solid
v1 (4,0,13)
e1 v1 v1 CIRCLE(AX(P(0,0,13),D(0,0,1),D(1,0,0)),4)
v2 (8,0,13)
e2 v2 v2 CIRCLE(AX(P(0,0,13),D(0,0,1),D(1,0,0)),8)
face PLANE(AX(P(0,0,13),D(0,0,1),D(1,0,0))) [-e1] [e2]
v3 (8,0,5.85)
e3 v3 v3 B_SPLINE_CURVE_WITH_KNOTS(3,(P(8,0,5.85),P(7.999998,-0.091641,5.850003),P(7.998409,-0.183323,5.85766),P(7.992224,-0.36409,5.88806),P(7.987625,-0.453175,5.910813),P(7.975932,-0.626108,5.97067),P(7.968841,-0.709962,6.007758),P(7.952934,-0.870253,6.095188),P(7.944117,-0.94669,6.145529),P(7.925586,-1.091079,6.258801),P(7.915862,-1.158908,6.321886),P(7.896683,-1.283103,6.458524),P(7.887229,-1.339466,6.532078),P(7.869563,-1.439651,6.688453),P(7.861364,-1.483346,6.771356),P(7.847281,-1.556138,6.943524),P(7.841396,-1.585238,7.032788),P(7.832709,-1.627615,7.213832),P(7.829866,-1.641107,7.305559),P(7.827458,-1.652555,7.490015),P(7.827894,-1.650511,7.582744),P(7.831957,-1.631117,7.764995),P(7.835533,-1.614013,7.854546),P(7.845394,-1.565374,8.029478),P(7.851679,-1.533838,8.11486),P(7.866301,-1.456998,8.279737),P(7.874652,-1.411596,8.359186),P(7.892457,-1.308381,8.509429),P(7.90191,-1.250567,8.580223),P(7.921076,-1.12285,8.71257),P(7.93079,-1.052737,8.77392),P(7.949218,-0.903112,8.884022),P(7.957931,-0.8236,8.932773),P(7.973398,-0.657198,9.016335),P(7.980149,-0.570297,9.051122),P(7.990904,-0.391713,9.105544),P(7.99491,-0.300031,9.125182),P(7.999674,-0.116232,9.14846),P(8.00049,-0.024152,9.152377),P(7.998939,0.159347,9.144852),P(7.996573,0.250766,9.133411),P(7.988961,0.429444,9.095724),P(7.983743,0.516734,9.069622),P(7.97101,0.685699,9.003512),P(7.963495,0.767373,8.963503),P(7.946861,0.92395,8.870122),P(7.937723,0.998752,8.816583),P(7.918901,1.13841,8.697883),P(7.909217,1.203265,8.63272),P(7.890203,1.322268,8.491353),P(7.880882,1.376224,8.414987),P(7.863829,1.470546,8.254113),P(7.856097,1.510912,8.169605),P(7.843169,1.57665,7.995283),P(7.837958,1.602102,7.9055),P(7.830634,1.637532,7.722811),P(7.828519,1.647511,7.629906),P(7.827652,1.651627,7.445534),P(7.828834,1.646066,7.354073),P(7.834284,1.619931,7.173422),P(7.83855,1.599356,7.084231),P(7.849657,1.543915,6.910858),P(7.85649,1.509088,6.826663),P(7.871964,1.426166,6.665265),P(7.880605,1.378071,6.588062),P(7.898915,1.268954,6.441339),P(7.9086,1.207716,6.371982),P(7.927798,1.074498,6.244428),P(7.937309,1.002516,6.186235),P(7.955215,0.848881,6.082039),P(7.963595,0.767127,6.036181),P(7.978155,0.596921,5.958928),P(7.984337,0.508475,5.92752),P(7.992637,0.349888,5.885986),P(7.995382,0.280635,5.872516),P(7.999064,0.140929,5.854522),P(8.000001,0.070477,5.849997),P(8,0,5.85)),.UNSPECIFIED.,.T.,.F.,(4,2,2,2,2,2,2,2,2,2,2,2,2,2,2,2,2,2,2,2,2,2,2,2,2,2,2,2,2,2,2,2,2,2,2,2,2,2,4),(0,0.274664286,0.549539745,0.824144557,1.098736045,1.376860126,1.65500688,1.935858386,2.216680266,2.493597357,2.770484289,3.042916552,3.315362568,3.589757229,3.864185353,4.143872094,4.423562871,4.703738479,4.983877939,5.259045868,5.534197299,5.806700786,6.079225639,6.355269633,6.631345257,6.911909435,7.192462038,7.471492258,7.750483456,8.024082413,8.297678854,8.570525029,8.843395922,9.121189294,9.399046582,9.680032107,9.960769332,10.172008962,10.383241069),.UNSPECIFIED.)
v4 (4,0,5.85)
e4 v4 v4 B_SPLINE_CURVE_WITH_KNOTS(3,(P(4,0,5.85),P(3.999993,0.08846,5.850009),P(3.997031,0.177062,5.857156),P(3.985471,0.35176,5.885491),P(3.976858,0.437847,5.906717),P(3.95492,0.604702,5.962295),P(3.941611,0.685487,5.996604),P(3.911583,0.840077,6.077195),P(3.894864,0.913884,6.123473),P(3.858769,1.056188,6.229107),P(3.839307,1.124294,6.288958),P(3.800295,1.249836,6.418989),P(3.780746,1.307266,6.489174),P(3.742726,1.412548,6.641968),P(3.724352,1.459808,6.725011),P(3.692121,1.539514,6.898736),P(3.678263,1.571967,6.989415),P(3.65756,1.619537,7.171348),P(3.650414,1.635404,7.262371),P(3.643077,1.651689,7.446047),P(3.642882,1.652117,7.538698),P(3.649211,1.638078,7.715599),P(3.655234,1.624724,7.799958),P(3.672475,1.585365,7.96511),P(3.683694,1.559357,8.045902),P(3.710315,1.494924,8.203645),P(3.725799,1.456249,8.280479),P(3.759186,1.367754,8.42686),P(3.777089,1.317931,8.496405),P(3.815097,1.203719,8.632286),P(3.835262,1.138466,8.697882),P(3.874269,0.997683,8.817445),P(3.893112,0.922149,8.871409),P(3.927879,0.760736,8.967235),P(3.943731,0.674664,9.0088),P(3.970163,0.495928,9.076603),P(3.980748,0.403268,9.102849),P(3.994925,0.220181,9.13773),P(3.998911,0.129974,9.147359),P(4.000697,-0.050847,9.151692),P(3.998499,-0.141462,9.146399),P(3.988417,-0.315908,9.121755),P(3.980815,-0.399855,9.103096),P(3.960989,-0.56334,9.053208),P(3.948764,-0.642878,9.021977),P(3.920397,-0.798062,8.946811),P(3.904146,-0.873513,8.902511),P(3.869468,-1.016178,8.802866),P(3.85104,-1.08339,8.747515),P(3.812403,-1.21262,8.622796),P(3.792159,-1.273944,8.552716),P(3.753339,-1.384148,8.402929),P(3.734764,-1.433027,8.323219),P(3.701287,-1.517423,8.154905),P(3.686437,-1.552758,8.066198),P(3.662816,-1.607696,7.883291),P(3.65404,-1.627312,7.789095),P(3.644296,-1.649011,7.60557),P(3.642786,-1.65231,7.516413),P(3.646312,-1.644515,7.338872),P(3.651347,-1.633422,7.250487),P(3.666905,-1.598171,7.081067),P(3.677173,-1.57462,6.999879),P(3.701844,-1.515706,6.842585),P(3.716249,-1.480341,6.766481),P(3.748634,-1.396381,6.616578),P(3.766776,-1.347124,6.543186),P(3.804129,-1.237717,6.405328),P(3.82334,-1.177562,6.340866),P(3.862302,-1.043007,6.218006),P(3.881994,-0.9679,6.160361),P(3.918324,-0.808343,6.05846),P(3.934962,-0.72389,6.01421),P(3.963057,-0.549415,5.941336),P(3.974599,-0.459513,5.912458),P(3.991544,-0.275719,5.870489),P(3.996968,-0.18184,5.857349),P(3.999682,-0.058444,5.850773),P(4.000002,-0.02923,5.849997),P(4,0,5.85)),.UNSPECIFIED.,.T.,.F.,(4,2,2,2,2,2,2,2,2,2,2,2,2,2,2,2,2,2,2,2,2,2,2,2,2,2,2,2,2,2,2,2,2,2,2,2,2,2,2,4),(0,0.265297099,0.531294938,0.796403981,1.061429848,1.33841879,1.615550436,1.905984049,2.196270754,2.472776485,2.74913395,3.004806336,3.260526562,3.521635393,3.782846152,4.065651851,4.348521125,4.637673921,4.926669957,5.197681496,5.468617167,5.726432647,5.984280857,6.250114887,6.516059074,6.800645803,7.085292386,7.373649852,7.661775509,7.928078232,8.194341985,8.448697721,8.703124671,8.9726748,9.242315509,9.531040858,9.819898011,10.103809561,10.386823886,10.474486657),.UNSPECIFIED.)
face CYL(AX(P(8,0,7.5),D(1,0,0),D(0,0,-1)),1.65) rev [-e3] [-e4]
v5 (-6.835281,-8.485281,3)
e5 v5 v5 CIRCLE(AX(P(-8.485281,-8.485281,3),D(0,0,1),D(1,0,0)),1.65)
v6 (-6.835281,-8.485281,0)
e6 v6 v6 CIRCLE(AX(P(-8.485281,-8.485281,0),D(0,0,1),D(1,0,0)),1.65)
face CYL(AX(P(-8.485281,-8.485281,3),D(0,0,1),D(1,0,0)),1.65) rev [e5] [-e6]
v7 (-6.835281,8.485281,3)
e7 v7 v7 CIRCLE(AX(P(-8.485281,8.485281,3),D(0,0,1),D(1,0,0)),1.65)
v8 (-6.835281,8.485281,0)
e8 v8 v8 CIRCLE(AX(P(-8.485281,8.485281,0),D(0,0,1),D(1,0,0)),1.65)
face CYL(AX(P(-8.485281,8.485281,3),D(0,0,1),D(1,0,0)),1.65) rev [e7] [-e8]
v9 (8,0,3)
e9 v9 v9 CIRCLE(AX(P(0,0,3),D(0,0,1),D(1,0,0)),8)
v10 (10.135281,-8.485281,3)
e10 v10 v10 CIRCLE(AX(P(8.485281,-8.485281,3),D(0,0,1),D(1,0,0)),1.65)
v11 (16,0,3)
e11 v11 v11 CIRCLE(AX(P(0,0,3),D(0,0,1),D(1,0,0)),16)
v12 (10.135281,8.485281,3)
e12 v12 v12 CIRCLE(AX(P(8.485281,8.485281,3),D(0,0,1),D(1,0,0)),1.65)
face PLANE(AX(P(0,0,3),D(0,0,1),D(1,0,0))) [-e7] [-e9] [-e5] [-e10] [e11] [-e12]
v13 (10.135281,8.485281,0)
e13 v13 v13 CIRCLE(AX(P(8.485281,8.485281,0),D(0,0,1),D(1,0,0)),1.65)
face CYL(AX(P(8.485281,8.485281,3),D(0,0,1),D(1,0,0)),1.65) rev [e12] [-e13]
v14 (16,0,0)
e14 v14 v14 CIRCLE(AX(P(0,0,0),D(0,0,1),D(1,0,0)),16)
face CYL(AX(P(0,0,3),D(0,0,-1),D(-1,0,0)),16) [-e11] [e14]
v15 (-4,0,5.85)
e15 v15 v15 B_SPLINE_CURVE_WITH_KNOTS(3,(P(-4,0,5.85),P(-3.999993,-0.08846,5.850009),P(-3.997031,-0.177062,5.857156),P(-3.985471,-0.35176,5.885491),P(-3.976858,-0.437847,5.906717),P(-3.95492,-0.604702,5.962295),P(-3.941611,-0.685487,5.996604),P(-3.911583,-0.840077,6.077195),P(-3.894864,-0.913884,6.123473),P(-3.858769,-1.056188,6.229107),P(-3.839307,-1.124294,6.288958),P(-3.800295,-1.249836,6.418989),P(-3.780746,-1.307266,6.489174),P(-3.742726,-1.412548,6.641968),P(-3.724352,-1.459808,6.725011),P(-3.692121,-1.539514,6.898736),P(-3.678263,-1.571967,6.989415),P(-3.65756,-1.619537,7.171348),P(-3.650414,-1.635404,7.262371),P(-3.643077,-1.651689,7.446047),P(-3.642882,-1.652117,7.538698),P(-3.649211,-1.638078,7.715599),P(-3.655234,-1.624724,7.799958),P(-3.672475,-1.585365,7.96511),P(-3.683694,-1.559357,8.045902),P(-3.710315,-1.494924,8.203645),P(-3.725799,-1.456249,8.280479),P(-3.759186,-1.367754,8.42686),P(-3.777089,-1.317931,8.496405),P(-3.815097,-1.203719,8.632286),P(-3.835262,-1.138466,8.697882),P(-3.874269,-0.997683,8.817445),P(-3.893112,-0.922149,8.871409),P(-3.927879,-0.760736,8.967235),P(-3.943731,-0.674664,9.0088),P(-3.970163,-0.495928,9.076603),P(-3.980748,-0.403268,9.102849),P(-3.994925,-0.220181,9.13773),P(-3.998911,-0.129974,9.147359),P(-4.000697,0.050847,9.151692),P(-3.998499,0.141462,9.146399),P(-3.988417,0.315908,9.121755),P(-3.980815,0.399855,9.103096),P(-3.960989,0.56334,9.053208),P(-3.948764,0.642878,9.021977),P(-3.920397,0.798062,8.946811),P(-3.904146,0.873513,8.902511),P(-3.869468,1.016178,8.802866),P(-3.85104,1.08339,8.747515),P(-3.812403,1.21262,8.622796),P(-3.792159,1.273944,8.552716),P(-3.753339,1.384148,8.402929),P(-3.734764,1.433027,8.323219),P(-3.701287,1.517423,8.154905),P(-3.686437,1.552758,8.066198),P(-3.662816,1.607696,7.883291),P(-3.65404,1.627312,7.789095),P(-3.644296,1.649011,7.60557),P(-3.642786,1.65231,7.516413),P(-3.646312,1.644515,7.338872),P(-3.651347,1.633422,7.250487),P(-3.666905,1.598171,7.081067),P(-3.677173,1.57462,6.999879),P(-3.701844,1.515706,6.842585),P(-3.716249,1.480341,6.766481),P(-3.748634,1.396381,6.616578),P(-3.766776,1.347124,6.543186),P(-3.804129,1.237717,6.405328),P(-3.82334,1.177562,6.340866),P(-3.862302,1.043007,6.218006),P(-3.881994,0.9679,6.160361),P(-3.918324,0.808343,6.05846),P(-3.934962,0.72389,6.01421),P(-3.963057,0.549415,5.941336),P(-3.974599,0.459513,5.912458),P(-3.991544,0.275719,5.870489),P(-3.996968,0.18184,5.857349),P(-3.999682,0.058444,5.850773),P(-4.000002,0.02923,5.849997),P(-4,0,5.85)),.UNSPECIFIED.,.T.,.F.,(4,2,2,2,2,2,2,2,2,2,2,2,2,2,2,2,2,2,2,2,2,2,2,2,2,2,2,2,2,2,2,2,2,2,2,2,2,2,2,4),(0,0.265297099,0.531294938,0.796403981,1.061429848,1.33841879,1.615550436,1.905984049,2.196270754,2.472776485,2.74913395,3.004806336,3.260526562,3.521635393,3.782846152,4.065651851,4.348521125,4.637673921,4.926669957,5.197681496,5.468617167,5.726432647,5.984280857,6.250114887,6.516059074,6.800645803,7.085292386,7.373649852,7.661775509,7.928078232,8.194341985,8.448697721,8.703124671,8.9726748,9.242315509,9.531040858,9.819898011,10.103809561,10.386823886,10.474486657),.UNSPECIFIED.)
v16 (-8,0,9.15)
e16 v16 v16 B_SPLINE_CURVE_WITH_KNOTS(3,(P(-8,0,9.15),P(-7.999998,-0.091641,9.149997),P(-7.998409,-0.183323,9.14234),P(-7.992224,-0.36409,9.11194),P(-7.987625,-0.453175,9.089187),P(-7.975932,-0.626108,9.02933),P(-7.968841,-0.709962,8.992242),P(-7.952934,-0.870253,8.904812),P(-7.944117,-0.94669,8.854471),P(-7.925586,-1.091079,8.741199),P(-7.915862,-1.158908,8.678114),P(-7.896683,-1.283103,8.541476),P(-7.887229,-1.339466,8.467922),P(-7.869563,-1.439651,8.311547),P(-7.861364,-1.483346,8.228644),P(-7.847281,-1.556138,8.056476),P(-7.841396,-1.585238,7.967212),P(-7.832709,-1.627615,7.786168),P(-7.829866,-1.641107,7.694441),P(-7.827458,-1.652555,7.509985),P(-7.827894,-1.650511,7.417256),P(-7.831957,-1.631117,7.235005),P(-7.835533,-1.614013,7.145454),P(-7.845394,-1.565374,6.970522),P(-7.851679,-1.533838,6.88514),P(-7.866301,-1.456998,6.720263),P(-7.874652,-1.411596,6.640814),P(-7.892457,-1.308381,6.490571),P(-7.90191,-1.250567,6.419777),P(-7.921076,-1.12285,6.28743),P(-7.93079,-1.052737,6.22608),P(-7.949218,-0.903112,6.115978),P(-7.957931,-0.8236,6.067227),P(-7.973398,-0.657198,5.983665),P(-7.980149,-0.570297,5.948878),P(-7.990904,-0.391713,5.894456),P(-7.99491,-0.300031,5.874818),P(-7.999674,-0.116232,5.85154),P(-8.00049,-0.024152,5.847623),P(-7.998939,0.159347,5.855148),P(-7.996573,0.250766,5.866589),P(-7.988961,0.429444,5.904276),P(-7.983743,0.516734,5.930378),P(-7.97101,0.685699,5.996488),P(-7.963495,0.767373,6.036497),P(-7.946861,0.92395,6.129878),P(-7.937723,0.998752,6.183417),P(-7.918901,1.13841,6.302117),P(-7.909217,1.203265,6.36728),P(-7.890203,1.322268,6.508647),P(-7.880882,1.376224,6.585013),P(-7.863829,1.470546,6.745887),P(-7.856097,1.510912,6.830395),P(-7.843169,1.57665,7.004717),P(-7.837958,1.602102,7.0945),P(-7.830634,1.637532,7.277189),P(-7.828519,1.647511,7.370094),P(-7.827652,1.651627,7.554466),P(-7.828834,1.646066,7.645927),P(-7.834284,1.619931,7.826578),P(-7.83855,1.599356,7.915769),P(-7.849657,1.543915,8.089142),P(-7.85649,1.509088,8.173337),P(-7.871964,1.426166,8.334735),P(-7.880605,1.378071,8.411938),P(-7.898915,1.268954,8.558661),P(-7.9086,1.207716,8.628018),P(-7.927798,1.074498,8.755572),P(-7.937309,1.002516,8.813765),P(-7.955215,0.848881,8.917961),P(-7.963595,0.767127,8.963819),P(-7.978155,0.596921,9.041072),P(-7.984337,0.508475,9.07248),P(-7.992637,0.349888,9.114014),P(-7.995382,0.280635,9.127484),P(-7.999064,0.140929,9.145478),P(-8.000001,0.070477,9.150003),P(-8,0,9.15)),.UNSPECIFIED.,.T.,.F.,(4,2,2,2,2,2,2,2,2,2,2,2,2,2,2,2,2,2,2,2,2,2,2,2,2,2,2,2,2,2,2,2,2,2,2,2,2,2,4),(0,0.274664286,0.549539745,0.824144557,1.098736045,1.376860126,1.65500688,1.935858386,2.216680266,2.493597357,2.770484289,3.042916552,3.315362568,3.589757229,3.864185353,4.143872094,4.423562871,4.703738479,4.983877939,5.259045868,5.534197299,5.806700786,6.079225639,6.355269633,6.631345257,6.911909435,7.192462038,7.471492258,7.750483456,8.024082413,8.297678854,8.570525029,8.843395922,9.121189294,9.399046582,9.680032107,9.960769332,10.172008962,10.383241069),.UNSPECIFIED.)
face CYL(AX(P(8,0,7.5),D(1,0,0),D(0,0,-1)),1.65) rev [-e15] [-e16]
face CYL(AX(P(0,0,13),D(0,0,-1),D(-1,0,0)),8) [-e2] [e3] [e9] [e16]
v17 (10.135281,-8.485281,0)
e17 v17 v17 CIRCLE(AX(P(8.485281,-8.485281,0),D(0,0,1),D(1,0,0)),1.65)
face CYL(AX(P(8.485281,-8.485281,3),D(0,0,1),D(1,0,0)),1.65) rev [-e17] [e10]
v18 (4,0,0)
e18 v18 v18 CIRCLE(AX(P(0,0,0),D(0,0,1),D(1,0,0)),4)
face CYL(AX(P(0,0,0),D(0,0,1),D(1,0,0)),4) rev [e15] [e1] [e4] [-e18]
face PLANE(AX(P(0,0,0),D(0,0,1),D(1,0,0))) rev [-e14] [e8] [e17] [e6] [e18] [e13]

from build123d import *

# Parameters (mm, degrees)
SKETCH_1_R             = 16
EXTRUDE_1_DEPTH        = 3
SKETCH_2_R             = 8
EXTRUDE_2_DEPTH        = 10
SKETCH_3_R             = 4
CUT_EXTRUDE_1_DEPTH    = 14
SKETCH_5_R             = 1.5
CUT_EXTRUDE_3_DEPTH    = 4
HOLE_WIZARD_M4_1_D     = 3.3
HOLE_WIZARD_M4_1_DEPTH = 3
HOLE_WIZARD_M4_2_D     = 3.3


with BuildPart() as part:
    # 草图1 → 凸台-拉伸1 (new body)
    with BuildSketch(Plane.XY):
        Circle(SKETCH_1_R)
    extrude(amount=EXTRUDE_1_DEPTH)

    # 草图2 → 凸台-拉伸2 (add)
    with BuildSketch(Plane.XY.offset(3)):
        Circle(SKETCH_2_R)
    extrude(amount=EXTRUDE_2_DEPTH)

    # 草图3 → 切除-拉伸1 (cut, through all)
    with BuildSketch(Plane.XY.offset(13)):
        Circle(SKETCH_3_R)
    extrude(amount=-CUT_EXTRUDE_1_DEPTH, mode=Mode.SUBTRACT)

    # 草图5 → 切除-拉伸3 (cut, through all)
    with BuildSketch(Plane.XY.offset(3)):
        with Locations((-8.485281374, -8.485281374)):
            Circle(SKETCH_5_R)
        with Locations((-8.485281374, 8.485281374)):
            Circle(SKETCH_5_R)
        with Locations((8.485281374, -8.485281374)):
            Circle(SKETCH_5_R)
        with Locations((8.485281374, 8.485281374)):
            Circle(SKETCH_5_R)
    extrude(amount=-CUT_EXTRUDE_3_DEPTH, mode=Mode.SUBTRACT)

    # M4 螺纹孔1
    with Locations(Plane(origin=(-8.485281374, 8.485281374, 3), x_dir=(1, 0, 0), z_dir=(0, 0, 1))):
        with Locations((0, 0), (16.970562748, 0), (16.970562748, -16.970562748), (0, -16.970562748)):
            Hole(HOLE_WIZARD_M4_1_D / 2, depth=HOLE_WIZARD_M4_1_DEPTH)

    # M4 螺纹孔2 (through all)
    with Locations(Plane(origin=(8, 0, 7.5), x_dir=(0, 1, 0), z_dir=(1, 0, 0))):
        with Locations((0, 0)):
            Hole(HOLE_WIZARD_M4_2_D / 2)


solid = part.part
